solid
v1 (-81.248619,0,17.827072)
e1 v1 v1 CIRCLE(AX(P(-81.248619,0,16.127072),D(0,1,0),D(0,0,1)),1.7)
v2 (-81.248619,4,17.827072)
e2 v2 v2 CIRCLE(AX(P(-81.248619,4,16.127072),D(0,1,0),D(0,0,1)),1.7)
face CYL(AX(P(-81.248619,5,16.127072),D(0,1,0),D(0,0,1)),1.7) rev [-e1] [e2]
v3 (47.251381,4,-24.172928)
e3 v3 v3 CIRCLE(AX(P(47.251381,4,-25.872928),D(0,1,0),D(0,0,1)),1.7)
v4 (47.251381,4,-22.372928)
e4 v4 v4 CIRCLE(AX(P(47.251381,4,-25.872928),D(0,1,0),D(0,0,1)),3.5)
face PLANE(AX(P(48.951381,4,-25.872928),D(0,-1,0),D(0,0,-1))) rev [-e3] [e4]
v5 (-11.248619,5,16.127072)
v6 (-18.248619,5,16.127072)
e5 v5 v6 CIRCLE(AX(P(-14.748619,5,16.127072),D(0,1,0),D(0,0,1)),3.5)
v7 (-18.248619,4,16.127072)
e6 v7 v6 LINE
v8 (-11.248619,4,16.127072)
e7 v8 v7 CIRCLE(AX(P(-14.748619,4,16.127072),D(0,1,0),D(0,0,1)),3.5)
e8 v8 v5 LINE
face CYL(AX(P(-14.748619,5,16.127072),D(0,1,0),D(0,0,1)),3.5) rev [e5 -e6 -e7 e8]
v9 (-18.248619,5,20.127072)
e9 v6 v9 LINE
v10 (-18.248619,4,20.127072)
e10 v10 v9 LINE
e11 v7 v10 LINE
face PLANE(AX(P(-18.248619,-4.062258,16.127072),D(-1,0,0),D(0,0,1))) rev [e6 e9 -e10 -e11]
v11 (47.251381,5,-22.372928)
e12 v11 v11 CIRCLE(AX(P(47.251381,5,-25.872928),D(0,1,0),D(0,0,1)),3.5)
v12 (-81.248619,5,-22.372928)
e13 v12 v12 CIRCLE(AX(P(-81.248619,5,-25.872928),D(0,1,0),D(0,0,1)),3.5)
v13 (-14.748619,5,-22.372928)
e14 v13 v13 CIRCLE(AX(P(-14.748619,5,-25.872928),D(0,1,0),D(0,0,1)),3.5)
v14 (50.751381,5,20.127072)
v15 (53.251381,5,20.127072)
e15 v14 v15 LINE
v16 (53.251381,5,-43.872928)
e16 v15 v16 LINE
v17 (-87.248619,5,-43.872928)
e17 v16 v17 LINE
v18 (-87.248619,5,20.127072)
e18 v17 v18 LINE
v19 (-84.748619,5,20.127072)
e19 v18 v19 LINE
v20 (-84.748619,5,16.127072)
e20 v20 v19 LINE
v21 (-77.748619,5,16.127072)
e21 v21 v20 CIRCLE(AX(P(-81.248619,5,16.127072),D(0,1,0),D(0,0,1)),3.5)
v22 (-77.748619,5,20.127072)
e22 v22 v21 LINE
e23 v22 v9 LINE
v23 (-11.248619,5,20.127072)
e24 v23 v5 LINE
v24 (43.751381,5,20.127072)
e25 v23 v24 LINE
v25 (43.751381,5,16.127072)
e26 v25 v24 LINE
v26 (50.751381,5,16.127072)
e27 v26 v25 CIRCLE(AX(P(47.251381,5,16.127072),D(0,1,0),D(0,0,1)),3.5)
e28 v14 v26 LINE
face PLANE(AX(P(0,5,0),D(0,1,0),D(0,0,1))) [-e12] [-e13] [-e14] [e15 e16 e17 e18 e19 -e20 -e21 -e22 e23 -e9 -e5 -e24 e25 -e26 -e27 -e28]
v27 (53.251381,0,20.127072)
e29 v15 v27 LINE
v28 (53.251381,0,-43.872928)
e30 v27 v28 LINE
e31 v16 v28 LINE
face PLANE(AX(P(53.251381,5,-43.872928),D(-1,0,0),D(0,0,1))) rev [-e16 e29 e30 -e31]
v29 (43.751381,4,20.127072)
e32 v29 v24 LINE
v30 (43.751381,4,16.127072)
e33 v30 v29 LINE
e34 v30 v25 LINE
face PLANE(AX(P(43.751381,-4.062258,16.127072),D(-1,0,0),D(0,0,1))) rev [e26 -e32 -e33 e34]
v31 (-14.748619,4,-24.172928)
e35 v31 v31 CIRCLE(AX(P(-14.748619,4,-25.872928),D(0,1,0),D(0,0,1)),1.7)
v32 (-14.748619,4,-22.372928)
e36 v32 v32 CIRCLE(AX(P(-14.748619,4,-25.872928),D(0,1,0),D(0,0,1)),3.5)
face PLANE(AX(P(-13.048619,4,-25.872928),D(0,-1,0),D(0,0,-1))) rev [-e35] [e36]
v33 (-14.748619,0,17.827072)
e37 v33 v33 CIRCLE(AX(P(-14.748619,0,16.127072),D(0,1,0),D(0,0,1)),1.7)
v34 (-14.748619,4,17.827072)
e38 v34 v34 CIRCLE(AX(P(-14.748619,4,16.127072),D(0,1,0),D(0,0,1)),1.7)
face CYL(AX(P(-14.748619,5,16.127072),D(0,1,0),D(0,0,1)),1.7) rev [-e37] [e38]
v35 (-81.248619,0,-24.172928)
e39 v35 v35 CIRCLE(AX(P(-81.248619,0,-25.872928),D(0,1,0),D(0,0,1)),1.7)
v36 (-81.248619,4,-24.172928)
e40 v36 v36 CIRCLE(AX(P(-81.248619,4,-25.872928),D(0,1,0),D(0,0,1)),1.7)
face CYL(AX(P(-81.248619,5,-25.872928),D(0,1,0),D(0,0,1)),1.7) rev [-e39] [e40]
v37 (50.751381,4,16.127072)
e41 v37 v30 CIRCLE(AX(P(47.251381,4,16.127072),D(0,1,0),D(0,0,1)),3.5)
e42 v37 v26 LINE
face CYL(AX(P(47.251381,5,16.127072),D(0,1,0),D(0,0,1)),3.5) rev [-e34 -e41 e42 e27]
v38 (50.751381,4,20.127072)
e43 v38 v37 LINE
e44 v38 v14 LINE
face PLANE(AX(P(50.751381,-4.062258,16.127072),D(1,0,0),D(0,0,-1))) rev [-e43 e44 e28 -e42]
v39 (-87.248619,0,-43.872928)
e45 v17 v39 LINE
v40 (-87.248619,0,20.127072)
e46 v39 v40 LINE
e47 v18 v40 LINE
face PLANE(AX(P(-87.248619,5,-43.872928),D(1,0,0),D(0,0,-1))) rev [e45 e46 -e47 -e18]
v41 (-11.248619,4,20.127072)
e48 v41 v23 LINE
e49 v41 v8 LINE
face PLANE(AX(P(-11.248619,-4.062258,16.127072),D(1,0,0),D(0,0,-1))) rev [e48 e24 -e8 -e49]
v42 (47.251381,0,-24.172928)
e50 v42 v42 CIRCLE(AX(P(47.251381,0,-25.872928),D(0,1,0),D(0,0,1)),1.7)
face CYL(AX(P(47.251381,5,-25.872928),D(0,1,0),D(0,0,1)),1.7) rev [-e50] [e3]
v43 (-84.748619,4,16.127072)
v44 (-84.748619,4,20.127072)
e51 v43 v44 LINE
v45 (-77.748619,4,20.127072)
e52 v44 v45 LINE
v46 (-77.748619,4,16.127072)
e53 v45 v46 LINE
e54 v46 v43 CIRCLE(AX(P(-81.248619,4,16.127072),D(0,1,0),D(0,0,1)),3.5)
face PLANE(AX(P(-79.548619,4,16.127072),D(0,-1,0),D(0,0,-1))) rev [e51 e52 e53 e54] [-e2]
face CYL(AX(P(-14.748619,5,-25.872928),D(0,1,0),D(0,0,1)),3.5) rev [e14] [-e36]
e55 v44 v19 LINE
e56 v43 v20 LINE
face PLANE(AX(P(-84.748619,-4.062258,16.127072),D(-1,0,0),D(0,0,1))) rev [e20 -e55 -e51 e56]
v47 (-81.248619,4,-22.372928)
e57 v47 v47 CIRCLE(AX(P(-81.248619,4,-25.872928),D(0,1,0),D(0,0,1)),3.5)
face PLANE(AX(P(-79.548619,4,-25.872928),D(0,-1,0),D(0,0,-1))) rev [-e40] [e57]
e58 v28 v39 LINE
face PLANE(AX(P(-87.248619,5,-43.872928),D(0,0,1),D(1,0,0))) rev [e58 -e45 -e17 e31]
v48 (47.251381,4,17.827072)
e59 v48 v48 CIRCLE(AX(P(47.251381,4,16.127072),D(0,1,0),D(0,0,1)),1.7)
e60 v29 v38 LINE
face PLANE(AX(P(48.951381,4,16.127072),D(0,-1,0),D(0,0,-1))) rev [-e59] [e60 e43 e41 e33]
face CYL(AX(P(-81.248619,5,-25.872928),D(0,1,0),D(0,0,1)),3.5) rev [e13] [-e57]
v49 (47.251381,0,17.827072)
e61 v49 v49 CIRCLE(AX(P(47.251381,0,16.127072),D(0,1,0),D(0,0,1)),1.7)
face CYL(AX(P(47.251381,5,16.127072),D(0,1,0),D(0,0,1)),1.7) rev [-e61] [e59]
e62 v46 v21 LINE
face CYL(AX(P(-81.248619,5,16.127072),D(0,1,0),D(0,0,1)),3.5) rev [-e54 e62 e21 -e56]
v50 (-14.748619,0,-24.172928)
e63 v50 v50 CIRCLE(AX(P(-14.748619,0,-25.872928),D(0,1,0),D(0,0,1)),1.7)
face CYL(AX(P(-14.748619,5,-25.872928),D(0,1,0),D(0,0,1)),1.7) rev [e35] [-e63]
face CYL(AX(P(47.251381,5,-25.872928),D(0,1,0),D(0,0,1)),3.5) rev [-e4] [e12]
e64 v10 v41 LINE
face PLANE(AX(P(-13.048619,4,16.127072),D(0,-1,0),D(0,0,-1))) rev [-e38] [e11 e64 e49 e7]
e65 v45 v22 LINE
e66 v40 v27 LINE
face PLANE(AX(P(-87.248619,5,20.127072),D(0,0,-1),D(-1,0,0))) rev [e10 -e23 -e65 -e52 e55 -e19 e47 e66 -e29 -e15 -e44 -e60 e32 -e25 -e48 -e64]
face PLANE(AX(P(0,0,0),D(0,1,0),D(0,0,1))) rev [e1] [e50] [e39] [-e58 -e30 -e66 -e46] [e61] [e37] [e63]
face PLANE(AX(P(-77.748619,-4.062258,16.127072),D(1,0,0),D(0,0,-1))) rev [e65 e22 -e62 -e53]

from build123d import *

# Parameters (mm, degrees)
SKETCH_1_W                   = 140.5
SKETCH_1_H                   = 64
EXTRUDE_1_DEPTH              = 5
HOLE_WIZARD_M3_1_D           = 3.4
HOLE_WIZARD_M3_1_CBORE_D     = 7
HOLE_WIZARD_M3_1_CBORE_DEPTH = 1
SKETCH_4_W                   = 7
SKETCH_4_H                   = 4
CUT_EXTRUDE_1_DEPTH          = 1


with BuildPart() as part:
    # 草图1 → 凸台-拉伸1 (new body)
    with BuildSketch(Plane(origin=(0, 0, 0), x_dir=(1, 0, 0), z_dir=(0, 1, 0))):
        with Locations((-16.998618785, 11.872928177)):
            Rectangle(SKETCH_1_W, SKETCH_1_H)
    extrude(amount=EXTRUDE_1_DEPTH)

    # M3 六角头机械螺钉的柱形沉头孔1 (through all)
    with Locations(Plane(origin=(0, 5, 0), x_dir=(1, 0, 0), z_dir=(0, 1, 0))):
        with Locations((-81.248618785, 25.872928177), (-81.248618785, -16.127071823), (-14.748618785, 25.872928177), (-14.748618785, -16.127071823), (47.251381215, 25.872928177), (47.251381215, -16.127071823)):
            CounterBoreHole(HOLE_WIZARD_M3_1_D / 2, HOLE_WIZARD_M3_1_CBORE_D / 2, HOLE_WIZARD_M3_1_CBORE_DEPTH)

    # 草图4 → 切除-拉伸1 (cut)
    with BuildSketch(Plane(origin=(0, 5, 0), x_dir=(1, 0, 0), z_dir=(0, 1, 0))):
        with Locations((-81.248618785, -18.127071823)):
            Rectangle(SKETCH_4_W, SKETCH_4_H)
        with Locations((-14.748618785, -18.127071823)):
            Rectangle(SKETCH_4_W, SKETCH_4_H)
        with Locations((47.251381215, -18.127071823)):
            Rectangle(SKETCH_4_W, SKETCH_4_H)
    extrude(amount=-CUT_EXTRUDE_1_DEPTH, mode=Mode.SUBTRACT)


solid = part.part
